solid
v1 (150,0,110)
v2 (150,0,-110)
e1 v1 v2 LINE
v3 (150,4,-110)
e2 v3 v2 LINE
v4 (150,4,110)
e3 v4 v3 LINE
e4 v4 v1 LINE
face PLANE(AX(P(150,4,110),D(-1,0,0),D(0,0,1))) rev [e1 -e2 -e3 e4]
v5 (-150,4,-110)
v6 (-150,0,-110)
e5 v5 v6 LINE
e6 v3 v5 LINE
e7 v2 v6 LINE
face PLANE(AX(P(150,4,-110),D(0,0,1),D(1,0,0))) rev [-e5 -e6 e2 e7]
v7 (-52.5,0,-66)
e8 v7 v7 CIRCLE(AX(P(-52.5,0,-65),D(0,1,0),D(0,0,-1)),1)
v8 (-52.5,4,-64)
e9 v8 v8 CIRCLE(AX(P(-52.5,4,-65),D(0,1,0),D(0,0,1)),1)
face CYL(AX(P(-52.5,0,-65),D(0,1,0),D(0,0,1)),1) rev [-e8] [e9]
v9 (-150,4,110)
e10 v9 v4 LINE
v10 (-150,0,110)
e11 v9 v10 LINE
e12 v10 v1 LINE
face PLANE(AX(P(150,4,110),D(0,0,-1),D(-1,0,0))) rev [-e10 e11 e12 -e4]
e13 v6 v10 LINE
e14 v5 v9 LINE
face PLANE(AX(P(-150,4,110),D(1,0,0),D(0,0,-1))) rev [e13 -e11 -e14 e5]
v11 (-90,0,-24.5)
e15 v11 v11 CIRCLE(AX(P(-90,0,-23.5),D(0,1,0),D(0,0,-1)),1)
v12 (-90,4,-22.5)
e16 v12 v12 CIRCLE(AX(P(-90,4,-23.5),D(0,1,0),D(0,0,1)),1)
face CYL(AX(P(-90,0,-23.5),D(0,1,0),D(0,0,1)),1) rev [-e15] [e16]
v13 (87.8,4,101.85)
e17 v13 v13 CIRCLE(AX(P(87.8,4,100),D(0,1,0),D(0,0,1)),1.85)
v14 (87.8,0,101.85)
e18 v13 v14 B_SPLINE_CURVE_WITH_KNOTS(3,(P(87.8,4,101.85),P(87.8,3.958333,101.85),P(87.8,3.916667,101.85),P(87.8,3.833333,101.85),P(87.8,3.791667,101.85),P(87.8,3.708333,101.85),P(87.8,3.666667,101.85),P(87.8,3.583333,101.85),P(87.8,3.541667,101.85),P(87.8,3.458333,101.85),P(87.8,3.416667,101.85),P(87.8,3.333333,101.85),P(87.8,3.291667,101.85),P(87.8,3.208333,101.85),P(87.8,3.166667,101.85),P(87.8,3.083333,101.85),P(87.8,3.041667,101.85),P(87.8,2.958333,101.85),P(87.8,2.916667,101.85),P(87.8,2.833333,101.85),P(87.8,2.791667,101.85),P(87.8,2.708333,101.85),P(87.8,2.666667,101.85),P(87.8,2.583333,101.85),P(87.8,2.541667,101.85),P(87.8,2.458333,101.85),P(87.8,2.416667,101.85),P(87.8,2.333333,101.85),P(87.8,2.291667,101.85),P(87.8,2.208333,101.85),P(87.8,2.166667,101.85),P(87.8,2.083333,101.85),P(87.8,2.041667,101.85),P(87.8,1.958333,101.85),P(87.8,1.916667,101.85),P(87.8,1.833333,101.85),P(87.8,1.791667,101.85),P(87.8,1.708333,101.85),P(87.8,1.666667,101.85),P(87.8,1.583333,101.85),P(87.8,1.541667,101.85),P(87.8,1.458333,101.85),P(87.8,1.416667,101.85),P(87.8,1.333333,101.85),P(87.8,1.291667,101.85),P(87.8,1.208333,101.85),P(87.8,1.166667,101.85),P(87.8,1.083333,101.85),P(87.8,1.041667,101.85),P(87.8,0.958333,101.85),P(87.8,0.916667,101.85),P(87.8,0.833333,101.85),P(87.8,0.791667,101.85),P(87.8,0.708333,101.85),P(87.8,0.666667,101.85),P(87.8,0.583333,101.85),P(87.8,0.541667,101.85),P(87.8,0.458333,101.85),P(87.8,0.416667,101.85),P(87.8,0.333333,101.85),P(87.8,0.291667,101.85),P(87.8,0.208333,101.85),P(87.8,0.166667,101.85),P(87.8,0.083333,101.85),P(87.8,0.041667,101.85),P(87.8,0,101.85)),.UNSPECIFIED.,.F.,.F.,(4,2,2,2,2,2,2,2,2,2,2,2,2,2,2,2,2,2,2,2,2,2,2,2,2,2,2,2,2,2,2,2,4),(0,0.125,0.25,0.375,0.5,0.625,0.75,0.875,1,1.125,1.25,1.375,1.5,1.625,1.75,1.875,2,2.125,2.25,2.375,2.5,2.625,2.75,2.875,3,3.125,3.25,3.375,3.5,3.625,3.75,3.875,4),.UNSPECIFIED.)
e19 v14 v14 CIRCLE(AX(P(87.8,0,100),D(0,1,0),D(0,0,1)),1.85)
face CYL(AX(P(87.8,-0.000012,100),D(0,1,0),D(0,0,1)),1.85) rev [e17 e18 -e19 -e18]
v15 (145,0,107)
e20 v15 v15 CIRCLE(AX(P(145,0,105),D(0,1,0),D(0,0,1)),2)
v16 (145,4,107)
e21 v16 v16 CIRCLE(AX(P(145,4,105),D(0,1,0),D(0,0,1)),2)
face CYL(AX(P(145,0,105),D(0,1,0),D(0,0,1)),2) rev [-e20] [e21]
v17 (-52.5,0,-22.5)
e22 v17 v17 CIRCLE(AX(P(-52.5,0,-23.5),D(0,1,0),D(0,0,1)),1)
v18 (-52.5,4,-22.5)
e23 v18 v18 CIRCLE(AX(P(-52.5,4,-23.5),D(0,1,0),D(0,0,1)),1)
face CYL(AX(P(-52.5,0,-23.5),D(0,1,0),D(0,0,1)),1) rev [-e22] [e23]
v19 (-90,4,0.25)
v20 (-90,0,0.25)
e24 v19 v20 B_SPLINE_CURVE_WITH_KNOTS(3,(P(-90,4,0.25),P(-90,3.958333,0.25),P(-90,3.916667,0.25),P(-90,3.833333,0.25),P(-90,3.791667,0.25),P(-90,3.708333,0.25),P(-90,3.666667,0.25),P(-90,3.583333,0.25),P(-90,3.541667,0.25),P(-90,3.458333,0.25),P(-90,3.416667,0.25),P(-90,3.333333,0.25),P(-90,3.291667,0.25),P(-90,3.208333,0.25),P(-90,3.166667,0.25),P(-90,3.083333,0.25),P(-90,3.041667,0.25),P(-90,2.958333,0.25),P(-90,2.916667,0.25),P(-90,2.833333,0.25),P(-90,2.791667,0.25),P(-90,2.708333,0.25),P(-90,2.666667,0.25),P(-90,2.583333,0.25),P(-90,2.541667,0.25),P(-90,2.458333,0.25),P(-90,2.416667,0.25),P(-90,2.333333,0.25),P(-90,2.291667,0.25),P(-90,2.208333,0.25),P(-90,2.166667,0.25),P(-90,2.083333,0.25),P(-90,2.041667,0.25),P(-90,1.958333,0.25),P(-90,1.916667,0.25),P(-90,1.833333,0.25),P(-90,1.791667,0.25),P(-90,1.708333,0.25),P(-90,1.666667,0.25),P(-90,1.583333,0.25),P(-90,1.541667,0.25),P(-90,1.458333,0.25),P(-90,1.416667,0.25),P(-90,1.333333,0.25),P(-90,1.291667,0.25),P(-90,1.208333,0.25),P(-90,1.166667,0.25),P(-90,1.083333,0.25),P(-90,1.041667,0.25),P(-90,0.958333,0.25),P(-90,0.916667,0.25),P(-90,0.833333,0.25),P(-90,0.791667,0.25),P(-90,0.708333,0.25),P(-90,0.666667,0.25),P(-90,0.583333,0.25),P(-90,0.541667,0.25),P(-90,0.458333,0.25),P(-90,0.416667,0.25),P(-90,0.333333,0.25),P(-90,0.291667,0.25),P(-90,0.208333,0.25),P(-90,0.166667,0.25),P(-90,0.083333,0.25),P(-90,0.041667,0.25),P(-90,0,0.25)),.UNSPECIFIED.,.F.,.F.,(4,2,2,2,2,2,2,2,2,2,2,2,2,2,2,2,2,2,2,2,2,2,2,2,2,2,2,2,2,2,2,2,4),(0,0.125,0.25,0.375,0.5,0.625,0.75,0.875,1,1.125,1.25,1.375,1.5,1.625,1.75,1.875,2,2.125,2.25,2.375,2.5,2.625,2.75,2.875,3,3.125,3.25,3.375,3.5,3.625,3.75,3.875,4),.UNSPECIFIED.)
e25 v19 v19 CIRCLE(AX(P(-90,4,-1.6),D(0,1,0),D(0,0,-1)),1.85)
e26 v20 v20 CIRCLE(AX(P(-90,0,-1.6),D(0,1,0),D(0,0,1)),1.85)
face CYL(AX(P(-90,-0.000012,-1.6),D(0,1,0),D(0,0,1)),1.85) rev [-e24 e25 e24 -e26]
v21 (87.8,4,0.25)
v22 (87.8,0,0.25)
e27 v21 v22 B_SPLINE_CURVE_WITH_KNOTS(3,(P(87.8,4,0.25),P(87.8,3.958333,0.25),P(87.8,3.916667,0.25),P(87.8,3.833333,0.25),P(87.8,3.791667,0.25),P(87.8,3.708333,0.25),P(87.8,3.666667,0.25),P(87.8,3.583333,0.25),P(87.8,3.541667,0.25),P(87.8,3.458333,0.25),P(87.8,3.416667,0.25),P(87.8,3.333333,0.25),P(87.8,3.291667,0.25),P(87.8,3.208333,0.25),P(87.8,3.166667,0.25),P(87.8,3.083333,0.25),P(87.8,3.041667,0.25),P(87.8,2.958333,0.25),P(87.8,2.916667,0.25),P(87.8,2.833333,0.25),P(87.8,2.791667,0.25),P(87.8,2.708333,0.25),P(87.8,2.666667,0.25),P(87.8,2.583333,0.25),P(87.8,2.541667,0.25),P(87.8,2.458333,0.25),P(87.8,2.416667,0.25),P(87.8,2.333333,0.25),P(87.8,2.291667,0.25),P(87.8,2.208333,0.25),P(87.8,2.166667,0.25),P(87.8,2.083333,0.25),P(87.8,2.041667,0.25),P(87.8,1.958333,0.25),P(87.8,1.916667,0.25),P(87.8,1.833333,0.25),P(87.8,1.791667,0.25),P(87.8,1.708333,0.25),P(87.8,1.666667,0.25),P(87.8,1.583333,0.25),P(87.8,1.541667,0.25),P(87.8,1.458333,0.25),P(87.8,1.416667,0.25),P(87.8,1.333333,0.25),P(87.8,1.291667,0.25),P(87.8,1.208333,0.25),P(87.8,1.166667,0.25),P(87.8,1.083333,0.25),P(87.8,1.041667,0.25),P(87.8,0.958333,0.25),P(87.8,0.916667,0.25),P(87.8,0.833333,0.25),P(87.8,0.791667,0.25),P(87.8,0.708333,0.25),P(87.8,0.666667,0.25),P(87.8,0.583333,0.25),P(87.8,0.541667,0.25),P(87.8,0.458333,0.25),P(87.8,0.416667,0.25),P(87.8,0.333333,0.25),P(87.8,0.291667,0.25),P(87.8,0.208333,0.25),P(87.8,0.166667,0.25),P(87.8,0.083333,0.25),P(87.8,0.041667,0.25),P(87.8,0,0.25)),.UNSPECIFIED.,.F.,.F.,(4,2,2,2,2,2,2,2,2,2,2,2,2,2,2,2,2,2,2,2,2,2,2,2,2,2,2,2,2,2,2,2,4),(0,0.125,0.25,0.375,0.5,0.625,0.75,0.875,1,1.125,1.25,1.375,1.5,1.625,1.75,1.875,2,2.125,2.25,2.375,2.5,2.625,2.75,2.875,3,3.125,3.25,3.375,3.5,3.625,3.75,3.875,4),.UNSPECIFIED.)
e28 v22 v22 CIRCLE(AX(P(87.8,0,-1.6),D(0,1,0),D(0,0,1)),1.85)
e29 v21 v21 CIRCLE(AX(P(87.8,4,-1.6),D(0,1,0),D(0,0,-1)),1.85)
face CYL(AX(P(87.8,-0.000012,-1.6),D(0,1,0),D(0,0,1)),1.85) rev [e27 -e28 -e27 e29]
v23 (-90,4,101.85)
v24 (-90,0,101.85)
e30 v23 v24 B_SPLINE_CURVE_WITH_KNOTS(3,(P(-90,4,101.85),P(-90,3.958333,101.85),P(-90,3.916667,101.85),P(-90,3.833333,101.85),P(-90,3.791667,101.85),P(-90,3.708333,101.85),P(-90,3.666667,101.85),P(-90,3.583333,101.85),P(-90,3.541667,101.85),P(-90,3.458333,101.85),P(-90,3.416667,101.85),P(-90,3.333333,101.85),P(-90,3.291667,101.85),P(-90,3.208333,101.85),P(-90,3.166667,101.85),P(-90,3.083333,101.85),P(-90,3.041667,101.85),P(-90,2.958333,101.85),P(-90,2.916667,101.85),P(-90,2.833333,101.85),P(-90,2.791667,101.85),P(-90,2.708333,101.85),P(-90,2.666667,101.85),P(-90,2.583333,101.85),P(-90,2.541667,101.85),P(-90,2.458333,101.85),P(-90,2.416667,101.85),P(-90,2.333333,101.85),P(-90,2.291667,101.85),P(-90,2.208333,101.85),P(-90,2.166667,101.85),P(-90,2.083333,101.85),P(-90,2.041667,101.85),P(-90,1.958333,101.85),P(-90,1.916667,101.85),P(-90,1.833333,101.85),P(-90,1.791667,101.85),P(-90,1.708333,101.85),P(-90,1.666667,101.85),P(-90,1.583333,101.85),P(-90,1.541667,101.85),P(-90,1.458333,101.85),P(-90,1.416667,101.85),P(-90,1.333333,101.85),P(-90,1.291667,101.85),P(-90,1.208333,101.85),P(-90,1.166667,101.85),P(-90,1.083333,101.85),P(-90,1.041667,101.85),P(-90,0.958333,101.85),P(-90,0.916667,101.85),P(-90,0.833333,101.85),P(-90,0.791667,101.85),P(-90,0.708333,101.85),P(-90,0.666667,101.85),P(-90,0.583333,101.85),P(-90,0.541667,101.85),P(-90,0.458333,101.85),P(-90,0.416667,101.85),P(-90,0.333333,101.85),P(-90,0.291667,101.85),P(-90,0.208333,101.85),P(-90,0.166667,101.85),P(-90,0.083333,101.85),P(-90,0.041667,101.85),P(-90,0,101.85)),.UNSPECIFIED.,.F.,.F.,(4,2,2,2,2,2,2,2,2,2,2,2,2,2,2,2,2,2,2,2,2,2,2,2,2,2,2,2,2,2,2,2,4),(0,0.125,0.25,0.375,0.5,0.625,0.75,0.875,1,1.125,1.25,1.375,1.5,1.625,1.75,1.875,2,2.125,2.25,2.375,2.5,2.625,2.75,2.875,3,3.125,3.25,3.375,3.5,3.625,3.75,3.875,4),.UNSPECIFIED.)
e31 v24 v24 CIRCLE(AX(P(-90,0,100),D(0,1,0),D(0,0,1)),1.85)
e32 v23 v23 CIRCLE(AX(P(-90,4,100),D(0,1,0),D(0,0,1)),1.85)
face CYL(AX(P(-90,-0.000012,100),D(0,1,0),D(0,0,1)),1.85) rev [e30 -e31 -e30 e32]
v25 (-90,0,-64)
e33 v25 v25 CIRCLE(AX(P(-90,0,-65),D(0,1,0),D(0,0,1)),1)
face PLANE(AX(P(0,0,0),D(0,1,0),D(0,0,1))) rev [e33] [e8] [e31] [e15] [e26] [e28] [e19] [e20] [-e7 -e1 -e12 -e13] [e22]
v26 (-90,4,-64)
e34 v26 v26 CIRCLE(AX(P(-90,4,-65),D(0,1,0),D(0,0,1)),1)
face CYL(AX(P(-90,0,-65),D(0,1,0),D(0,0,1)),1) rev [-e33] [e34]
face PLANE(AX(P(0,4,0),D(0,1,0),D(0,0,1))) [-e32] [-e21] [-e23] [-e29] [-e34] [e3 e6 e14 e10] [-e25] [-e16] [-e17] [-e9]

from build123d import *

# Parameters (mm, degrees)
SKETCH1_W               = 300
SKETCH1_H               = 220
BOSS_EXTRUDE1_DEPTH     = 4
CUT_EXTRUDE1_DEPTH      = 187.053755673
CUT_EXTRUDE1_DEPTH_BACK = 187.053755673
SKETCH2_R               = 1.85
CUT_EXTRUDE2_DEPTH      = 187.053755673
CUT_EXTRUDE2_DEPTH_BACK = 187.053755673
SKETCH3_R               = 1
SKETCH4_R               = 2
CUT_EXTRUDE3_DEPTH      = 187.053755673


with BuildPart() as part:
    # Sketch1 → Boss-Extrude1 (new body)
    with BuildSketch(Plane(origin=(0, 0, 0), x_dir=(1, 0, 0), z_dir=(0, 1, 0))):
        Rectangle(SKETCH1_W, SKETCH1_H)
    extrude(amount=BOSS_EXTRUDE1_DEPTH)

    # Sketch2 → Cut-Extrude1 (cut, two sides: drawn at the far end of the back side and taken through both)
    with BuildSketch(Plane(origin=(0, 0, 0), x_dir=(1, 0, 0), z_dir=(0, 1, 0)).offset(-CUT_EXTRUDE1_DEPTH_BACK)):
        with Locations(Location((-90, -100, 0), (0, 0, 270))):
            Circle(SKETCH2_R)
        with Locations(Location((87.8, -100, 0), (0, 0, 270))):
            Circle(SKETCH2_R)
        with Locations(Location((87.8, 1.6, 0), (0, 0, 270))):
            Circle(SKETCH2_R)
        with Locations(Location((-90, 1.6, 0), (0, 0, 270))):
            Circle(SKETCH2_R)
    extrude(amount=CUT_EXTRUDE1_DEPTH + CUT_EXTRUDE1_DEPTH_BACK, mode=Mode.SUBTRACT)

    # Sketch3 → Cut-Extrude2 (cut, two sides: drawn at the far end of the back side and taken through both)
    with BuildSketch(Plane(origin=(0, 4, 0), x_dir=(1, 0, 0), z_dir=(0, 1, 0)).offset(-CUT_EXTRUDE2_DEPTH_BACK)):
        with Locations(Location((-90, 65, 0), (0, 0, 270))):
            Circle(SKETCH3_R)
        with Locations(Location((-52.5, 65, 0), (0, 0, 270))):
            Circle(SKETCH3_R)
        with Locations(Location((-52.5, 23.5, 0), (0, 0, 270))):
            Circle(SKETCH3_R)
        with Locations(Location((-90, 23.5, 0), (0, 0, 270))):
            Circle(SKETCH3_R)
    extrude(amount=CUT_EXTRUDE2_DEPTH + CUT_EXTRUDE2_DEPTH_BACK, mode=Mode.SUBTRACT)

    # Sketch4 → Cut-Extrude3 (cut, through all)
    with BuildSketch(Plane(origin=(0, 4, 0), x_dir=(1, 0, 0), z_dir=(0, 1, 0))):
        with Locations(Location((145, -105, 0), (0, 0, 270))):
            Circle(SKETCH4_R)
    extrude(amount=-CUT_EXTRUDE3_DEPTH, mode=Mode.SUBTRACT)


solid = part.part
